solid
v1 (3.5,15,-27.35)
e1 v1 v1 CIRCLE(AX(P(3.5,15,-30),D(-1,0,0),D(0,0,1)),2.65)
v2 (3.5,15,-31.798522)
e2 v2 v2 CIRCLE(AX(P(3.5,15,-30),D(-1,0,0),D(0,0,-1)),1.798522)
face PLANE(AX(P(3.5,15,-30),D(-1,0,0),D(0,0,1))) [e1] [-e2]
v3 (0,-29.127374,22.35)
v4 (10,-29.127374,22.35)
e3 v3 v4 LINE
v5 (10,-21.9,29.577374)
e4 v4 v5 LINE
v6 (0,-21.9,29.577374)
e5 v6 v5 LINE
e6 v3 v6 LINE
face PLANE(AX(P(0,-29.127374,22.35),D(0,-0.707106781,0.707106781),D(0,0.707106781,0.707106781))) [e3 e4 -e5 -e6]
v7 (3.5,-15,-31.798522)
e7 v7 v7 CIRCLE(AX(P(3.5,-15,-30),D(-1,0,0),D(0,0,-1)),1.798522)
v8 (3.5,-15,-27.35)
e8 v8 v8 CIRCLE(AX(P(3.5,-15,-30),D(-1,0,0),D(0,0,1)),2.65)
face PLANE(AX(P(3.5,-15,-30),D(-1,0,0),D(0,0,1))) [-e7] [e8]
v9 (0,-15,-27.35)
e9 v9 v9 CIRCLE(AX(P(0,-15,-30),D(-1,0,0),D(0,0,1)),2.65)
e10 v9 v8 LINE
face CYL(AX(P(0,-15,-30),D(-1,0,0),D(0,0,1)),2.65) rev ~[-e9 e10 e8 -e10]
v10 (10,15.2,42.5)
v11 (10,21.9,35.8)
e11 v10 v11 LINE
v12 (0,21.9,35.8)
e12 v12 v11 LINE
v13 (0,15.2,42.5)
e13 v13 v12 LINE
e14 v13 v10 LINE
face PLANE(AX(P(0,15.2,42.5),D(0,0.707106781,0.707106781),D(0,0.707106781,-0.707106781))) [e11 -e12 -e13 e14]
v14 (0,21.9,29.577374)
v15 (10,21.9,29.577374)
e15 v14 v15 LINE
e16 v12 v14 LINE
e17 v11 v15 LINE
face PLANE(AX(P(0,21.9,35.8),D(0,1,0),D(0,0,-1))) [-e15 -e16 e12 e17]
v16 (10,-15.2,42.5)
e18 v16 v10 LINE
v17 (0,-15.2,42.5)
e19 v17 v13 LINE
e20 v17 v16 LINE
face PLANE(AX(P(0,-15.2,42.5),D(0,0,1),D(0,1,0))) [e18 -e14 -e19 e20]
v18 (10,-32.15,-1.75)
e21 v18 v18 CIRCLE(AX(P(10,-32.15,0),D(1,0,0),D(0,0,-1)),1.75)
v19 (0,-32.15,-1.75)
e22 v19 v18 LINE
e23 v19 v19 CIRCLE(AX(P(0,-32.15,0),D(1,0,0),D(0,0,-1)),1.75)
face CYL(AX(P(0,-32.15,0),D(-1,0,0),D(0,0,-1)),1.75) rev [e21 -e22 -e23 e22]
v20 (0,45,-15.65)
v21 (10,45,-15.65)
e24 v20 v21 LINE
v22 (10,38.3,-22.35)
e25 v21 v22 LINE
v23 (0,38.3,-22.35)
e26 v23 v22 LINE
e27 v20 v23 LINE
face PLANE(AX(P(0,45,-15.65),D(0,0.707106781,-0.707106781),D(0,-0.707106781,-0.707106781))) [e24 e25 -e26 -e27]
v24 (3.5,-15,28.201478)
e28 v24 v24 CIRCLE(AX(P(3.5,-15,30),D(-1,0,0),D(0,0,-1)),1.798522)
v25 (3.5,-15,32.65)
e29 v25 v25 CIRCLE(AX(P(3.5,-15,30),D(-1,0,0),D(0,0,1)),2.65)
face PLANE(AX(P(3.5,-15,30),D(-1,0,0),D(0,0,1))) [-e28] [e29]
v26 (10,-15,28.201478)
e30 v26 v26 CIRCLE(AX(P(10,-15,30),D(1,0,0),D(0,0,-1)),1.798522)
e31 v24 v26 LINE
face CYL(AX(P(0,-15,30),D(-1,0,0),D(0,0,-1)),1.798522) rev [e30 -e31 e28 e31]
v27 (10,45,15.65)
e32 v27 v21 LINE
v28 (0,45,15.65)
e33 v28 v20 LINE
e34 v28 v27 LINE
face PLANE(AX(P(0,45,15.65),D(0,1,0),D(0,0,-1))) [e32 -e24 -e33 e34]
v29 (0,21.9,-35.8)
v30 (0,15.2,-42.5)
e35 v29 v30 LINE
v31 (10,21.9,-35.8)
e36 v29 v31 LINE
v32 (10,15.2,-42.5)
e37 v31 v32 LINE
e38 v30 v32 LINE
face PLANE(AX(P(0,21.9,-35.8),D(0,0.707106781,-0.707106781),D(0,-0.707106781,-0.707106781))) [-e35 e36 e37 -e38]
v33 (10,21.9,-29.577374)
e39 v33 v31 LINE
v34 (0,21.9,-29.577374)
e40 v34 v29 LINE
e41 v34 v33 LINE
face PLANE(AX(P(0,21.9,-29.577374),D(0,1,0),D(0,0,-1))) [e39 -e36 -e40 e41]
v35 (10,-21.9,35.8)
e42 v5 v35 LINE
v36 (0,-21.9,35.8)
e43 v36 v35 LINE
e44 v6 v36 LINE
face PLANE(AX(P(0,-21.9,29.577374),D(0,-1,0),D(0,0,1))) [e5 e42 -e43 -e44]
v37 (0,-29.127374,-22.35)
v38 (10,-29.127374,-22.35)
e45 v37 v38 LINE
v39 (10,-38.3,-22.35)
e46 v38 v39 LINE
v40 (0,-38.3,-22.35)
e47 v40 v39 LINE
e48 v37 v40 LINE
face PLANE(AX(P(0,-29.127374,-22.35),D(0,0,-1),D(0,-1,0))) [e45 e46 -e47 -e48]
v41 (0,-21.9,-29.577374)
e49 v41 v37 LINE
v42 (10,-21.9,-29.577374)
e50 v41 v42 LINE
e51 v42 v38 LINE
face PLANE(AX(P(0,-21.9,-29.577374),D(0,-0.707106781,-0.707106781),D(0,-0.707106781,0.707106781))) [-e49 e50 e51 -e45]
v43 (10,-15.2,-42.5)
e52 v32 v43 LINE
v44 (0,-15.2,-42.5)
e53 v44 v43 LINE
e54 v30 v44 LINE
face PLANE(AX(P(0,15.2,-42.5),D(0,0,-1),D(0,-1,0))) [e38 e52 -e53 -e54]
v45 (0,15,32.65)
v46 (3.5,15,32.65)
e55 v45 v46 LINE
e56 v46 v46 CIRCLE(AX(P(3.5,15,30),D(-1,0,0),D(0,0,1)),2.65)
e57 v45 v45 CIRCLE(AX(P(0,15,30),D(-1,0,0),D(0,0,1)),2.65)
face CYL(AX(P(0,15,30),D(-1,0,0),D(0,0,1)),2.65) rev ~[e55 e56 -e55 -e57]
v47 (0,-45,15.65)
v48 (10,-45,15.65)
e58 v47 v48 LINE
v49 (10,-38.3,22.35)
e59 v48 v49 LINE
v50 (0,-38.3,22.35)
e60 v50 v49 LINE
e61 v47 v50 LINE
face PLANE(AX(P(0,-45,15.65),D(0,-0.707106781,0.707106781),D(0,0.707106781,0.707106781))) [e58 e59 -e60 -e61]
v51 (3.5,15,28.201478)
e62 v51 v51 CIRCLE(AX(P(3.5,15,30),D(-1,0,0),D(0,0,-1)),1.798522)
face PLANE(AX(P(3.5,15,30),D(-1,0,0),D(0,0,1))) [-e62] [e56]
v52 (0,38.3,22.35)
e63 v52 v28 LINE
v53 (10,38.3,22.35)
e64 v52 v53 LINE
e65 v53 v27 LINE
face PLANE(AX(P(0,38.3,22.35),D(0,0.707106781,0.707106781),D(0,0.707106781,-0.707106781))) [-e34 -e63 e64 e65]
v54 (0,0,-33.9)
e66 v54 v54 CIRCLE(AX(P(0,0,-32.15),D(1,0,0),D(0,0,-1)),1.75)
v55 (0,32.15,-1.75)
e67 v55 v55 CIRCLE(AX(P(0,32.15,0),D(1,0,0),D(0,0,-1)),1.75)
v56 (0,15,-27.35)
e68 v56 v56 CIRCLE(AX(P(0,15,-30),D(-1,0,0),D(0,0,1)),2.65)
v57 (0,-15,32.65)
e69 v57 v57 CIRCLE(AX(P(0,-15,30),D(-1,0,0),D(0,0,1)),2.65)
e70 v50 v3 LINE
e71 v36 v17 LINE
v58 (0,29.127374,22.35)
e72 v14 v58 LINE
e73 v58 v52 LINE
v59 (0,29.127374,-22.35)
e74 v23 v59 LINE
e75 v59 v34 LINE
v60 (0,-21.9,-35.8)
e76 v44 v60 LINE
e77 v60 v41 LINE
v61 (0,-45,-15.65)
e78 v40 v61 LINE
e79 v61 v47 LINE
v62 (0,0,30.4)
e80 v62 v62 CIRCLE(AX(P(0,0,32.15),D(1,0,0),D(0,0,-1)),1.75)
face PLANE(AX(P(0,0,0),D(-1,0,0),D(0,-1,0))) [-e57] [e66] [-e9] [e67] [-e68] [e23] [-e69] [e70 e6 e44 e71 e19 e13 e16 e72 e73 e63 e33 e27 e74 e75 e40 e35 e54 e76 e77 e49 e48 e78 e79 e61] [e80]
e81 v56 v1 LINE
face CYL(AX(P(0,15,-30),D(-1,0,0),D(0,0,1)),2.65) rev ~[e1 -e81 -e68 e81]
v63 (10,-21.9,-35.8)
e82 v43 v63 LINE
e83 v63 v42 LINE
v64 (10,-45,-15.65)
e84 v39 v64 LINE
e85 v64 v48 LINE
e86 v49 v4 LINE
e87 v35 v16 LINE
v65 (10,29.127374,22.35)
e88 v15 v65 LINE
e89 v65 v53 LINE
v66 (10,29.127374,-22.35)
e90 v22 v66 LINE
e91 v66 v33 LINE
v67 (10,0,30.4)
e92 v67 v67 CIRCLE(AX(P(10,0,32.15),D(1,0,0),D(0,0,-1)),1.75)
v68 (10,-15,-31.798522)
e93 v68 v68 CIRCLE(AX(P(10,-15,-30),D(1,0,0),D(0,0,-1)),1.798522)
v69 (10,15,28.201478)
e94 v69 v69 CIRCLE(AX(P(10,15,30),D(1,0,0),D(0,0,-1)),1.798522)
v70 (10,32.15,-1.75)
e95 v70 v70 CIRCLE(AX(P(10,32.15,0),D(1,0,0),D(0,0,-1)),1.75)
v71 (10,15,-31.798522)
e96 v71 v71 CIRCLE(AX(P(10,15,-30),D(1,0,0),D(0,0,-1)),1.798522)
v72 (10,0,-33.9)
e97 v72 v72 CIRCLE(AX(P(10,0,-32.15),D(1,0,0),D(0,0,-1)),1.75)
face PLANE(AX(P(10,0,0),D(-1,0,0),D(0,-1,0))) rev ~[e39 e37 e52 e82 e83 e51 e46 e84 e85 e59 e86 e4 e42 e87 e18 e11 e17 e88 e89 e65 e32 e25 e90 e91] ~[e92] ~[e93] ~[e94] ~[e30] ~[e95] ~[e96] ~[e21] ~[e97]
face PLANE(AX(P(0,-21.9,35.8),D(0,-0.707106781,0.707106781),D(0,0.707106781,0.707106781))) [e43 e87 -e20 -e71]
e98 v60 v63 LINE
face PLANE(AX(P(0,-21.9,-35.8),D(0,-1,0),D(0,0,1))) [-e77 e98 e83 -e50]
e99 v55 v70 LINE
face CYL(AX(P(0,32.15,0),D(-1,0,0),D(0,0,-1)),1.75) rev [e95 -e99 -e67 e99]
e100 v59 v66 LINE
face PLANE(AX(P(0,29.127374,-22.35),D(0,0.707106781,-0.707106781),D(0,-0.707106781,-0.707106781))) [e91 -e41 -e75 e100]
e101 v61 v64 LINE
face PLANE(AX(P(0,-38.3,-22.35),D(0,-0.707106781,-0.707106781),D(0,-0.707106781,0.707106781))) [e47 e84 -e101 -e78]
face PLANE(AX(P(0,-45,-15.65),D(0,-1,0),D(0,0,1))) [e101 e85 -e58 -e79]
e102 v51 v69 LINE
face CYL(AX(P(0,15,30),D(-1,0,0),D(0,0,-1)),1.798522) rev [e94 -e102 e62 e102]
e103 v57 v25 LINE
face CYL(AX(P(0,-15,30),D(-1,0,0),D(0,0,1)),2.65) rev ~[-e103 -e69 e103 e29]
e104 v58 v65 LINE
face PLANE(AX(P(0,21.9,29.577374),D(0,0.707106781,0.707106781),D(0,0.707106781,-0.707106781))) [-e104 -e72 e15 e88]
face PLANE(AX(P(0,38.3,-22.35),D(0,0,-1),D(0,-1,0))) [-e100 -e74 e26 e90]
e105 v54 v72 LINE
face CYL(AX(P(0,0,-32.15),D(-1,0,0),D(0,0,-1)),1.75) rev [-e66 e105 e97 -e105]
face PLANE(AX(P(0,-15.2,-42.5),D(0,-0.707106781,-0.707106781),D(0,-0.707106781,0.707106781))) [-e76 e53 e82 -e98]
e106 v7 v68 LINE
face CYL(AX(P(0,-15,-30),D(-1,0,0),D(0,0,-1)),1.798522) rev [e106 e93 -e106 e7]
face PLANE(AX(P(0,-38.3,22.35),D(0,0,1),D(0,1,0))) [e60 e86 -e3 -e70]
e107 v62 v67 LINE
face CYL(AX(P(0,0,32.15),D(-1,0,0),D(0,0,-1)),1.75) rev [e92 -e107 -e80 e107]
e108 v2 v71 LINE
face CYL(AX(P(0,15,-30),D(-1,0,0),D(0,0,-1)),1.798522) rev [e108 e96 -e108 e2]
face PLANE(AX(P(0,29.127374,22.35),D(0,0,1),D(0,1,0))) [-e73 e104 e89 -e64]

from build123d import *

# Parameters (mm, degrees)
SKETCH1_R           = 1.75
SKETCH1_R_2         = 1.798521792
BOSS_EXTRUDE1_DEPTH = 10
SKETCH2_R           = 2.65
CUT_EXTRUDE1_DEPTH  = 3.5


with BuildPart() as part:
    # Sketch1 → Boss-Extrude1 (new body)
    with BuildSketch(Plane.YZ):
        Polygon((-45, -15.65), (-45, 15.65), (-38.3, 22.35), (-29.12737367, 22.35), (-21.9, 29.57737367), (-21.9, 35.8), (-15.2, 42.5), (15.2, 42.5), (21.9, 35.8), (21.9, 29.57737367), (29.12737367, 22.35), (38.3, 22.35), (45, 15.65), (45, -15.65), (38.3, -22.35), (29.12737367, -22.35), (21.9, -29.57737367), (21.9, -35.8), (15.2, -42.5), (-15.2, -42.5), (-21.9, -35.8), (-21.9, -29.57737367), (-29.12737367, -22.35), (-38.3, -22.35), align=None)
        with Locations(Location((0, 32.15, 0), (0, 0, 270))):
            Circle(SKETCH1_R, mode=Mode.SUBTRACT)
        with Locations(Location((-32.15, 0, 0), (0, 0, 270))):
            Circle(SKETCH1_R, mode=Mode.SUBTRACT)
        with Locations(Location((0, -32.15, 0), (0, 0, 270))):
            Circle(SKETCH1_R, mode=Mode.SUBTRACT)
        with Locations(Location((32.15, 0, 0), (0, 0, 270))):
            Circle(SKETCH1_R, mode=Mode.SUBTRACT)
        with Locations(Location((-15, 30, 0), (0, 0, 270))):
            Circle(SKETCH1_R_2, mode=Mode.SUBTRACT)
        with Locations(Location((15, 30, 0), (0, 0, 270))):
            Circle(SKETCH1_R_2, mode=Mode.SUBTRACT)
        with Locations(Location((15, -30, 0), (0, 0, 270))):
            Circle(SKETCH1_R_2, mode=Mode.SUBTRACT)
        with Locations(Location((-15, -30, 0), (0, 0, 270))):
            Circle(SKETCH1_R_2, mode=Mode.SUBTRACT)
    extrude(amount=BOSS_EXTRUDE1_DEPTH)

    # Sketch2 → Cut-Extrude1 (cut)
    with BuildSketch(Plane(origin=(0, 0, 0), x_dir=(0, -1, 0), z_dir=(-1, 0, 0))):
        with Locations(Location((-15, 30, 0), (0, 0, 90))):
            Circle(SKETCH2_R)
        with Locations(Location((15, 30, 0), (0, 0, 90))):
            Circle(SKETCH2_R)
        with Locations(Location((15, -30, 0), (0, 0, 90))):
            Circle(SKETCH2_R)
        with Locations(Location((-15, -30, 0), (0, 0, 90))):
            Circle(SKETCH2_R)
    extrude(amount=-CUT_EXTRUDE1_DEPTH, mode=Mode.SUBTRACT)


solid = part.part
